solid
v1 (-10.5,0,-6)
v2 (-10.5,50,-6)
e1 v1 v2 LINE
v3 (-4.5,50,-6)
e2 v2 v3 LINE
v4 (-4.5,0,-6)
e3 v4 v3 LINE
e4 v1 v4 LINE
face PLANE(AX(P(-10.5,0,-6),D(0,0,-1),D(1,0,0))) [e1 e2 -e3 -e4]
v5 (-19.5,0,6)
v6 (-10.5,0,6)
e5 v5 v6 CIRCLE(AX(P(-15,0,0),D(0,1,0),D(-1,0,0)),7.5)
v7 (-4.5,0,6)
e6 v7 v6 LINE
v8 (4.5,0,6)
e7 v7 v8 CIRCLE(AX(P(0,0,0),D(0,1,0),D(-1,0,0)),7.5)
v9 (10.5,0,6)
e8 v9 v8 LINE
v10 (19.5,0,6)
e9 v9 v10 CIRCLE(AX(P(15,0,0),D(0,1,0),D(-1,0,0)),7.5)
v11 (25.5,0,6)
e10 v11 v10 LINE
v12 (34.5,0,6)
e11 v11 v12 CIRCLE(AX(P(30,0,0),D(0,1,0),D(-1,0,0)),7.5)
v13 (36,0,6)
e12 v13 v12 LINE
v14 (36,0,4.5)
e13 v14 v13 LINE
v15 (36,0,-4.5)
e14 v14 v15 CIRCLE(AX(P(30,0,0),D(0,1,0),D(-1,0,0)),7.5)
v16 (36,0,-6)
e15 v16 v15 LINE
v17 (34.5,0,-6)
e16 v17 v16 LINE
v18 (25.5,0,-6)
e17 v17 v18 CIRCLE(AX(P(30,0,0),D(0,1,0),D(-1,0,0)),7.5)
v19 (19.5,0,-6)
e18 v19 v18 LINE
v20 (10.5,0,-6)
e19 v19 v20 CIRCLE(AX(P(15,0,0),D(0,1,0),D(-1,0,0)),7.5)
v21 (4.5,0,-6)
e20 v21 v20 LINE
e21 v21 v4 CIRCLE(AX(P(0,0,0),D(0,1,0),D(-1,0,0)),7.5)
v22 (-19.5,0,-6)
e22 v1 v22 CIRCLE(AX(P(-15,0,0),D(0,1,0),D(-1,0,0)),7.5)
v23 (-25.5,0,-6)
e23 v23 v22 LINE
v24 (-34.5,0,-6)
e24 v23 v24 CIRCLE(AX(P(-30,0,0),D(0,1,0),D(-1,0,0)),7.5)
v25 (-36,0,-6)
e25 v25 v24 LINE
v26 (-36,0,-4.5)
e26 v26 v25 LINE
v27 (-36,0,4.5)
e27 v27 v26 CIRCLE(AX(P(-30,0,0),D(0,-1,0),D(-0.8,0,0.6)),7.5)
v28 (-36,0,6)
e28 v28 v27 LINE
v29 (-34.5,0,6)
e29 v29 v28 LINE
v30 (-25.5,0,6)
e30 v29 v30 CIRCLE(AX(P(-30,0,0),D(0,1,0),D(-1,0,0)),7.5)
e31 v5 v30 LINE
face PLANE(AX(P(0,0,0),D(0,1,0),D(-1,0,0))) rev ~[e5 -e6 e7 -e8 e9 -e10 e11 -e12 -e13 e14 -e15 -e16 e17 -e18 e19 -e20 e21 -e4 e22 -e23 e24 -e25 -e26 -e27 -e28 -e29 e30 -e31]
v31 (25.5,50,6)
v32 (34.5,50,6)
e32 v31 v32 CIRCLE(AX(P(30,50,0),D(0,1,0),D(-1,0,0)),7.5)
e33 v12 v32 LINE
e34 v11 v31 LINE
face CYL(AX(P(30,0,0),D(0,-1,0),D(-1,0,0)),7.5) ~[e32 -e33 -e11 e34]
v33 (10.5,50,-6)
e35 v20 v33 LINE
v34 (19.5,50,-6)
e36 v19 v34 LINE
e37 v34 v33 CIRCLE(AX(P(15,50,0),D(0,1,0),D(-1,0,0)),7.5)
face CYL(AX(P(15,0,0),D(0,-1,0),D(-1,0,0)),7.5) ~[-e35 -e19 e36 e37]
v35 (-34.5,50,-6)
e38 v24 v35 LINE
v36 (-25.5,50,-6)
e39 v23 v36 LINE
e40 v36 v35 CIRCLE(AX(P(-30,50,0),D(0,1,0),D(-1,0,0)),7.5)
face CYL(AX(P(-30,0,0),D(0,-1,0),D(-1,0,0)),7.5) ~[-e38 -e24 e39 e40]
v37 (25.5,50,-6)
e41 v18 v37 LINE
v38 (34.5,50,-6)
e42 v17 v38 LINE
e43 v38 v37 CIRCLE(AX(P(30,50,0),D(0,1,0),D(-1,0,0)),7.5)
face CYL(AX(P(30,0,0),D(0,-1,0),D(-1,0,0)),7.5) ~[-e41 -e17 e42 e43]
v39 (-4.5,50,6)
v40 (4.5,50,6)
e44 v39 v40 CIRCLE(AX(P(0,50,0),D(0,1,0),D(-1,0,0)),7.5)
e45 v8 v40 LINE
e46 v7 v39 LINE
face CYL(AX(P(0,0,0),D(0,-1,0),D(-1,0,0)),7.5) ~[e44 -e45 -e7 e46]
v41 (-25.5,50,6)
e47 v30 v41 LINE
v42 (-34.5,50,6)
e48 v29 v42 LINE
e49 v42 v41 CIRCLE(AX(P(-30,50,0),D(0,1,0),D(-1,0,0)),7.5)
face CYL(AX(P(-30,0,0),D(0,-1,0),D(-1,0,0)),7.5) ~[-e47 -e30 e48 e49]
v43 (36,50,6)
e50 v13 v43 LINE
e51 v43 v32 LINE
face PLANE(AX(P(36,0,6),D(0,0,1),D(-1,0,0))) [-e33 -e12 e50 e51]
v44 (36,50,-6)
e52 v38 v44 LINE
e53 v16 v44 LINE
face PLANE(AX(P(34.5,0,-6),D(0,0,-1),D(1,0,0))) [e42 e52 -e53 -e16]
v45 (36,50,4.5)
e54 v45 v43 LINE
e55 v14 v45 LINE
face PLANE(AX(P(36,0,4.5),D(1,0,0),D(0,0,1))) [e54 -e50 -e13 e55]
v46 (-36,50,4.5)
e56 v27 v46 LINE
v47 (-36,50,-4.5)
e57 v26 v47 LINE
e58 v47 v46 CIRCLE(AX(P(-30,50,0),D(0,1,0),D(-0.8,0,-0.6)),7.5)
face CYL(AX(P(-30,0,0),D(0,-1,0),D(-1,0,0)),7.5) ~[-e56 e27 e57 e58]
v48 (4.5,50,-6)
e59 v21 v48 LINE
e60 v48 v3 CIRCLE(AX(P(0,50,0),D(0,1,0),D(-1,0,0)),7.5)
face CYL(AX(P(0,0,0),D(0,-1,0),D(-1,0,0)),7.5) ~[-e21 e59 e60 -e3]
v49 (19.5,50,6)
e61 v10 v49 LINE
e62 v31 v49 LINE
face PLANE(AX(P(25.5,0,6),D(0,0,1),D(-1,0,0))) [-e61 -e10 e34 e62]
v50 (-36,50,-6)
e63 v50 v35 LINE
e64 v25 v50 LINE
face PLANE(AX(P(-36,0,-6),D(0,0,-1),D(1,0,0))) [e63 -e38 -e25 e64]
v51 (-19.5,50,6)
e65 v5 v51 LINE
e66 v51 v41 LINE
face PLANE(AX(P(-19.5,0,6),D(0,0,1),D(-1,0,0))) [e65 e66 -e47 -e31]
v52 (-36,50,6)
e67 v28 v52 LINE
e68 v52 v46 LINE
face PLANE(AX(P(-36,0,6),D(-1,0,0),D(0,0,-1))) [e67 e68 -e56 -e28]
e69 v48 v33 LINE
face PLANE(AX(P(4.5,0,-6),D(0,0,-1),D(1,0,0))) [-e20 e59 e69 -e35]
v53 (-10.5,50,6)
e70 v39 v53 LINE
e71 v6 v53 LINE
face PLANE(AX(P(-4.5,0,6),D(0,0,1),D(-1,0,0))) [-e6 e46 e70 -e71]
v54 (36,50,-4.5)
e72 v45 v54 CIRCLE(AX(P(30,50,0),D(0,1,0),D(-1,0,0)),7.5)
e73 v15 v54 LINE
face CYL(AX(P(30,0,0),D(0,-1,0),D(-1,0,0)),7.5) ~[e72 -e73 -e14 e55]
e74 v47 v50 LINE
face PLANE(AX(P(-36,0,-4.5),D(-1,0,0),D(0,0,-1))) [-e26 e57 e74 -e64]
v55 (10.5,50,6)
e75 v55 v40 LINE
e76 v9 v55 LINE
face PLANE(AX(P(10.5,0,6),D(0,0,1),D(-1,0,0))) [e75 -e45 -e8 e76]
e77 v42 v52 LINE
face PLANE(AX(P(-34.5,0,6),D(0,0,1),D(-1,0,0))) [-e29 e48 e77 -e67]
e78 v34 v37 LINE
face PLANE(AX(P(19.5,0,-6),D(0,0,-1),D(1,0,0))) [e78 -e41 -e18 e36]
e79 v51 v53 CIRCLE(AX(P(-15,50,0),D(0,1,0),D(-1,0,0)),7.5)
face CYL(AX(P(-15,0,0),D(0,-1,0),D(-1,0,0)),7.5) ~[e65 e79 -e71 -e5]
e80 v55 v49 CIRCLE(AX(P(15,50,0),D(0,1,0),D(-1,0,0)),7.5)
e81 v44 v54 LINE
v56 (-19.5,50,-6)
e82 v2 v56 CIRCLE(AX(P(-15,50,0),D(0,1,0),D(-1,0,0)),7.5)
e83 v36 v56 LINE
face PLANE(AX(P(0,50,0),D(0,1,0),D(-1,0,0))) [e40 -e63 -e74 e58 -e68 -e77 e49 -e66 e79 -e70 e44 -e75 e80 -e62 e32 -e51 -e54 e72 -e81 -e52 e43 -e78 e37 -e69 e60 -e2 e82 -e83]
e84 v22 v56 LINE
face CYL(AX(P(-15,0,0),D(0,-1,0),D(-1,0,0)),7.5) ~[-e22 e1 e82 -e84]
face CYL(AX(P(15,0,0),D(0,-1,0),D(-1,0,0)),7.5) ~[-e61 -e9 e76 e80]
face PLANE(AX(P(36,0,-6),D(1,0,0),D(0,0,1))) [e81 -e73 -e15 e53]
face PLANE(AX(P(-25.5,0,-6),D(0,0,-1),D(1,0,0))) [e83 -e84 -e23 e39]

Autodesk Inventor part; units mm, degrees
ref_plane "YZ Plane" through (0, 0, 0) normal (1, 0, 0) x (0, 1, 0)
ref_plane "XZ Plane" through (0, 0, 0) normal (0, 1, 0) x (-1, 0, 0)
ref_plane "XY Plane" through (0, 0, 0) normal (0, 0, 1) x (1, 0, 0)
sketch "Esquisse1" plane through (0, 0, 0) normal (0, 1, 0) x (-1, 0, 0)
  circle A0 centre (-30, 0) radius 7.5
  circle A1 centre (30, 0) radius 7.5
  circle A2 centre (15, 0) radius 7.5
  circle A3 centre (0, 0) radius 7.5
  circle A4 centre (-15, 0) radius 7.5
  line L0 (0, 0) -> (-28.9231, 0) construction
  line L1 (-36, 6) -> (36, 6)
  line L2 (36, 6) -> (36, -6)
  line L3 (36, -6) -> (-36, -6)
  line L4 (-36, -6) -> (-36, 6)
  dimension "d0" = 15
  dimension "d1" = 15
  dimension "d2" = 15
  dimension "d3" = 15
  dimension "d4" = 15
  dimension "d7" = 12
  dimension "d8" = 6
  dimension "d9" = 72
  dimension "d10" = 36
extrude "Extrusion1" add sketch "Esquisse1" along normal blind 50
equation "\"d1\" = d0"
equation "\"d2\" = d0"
equation "\"d3\" = d0"
equation "\"d4\" = d0"
equation "\"d8\" = 0.5 * d7"
equation "\"d10\" = 0.5 * d9"
properties part number "batterie_6v"
